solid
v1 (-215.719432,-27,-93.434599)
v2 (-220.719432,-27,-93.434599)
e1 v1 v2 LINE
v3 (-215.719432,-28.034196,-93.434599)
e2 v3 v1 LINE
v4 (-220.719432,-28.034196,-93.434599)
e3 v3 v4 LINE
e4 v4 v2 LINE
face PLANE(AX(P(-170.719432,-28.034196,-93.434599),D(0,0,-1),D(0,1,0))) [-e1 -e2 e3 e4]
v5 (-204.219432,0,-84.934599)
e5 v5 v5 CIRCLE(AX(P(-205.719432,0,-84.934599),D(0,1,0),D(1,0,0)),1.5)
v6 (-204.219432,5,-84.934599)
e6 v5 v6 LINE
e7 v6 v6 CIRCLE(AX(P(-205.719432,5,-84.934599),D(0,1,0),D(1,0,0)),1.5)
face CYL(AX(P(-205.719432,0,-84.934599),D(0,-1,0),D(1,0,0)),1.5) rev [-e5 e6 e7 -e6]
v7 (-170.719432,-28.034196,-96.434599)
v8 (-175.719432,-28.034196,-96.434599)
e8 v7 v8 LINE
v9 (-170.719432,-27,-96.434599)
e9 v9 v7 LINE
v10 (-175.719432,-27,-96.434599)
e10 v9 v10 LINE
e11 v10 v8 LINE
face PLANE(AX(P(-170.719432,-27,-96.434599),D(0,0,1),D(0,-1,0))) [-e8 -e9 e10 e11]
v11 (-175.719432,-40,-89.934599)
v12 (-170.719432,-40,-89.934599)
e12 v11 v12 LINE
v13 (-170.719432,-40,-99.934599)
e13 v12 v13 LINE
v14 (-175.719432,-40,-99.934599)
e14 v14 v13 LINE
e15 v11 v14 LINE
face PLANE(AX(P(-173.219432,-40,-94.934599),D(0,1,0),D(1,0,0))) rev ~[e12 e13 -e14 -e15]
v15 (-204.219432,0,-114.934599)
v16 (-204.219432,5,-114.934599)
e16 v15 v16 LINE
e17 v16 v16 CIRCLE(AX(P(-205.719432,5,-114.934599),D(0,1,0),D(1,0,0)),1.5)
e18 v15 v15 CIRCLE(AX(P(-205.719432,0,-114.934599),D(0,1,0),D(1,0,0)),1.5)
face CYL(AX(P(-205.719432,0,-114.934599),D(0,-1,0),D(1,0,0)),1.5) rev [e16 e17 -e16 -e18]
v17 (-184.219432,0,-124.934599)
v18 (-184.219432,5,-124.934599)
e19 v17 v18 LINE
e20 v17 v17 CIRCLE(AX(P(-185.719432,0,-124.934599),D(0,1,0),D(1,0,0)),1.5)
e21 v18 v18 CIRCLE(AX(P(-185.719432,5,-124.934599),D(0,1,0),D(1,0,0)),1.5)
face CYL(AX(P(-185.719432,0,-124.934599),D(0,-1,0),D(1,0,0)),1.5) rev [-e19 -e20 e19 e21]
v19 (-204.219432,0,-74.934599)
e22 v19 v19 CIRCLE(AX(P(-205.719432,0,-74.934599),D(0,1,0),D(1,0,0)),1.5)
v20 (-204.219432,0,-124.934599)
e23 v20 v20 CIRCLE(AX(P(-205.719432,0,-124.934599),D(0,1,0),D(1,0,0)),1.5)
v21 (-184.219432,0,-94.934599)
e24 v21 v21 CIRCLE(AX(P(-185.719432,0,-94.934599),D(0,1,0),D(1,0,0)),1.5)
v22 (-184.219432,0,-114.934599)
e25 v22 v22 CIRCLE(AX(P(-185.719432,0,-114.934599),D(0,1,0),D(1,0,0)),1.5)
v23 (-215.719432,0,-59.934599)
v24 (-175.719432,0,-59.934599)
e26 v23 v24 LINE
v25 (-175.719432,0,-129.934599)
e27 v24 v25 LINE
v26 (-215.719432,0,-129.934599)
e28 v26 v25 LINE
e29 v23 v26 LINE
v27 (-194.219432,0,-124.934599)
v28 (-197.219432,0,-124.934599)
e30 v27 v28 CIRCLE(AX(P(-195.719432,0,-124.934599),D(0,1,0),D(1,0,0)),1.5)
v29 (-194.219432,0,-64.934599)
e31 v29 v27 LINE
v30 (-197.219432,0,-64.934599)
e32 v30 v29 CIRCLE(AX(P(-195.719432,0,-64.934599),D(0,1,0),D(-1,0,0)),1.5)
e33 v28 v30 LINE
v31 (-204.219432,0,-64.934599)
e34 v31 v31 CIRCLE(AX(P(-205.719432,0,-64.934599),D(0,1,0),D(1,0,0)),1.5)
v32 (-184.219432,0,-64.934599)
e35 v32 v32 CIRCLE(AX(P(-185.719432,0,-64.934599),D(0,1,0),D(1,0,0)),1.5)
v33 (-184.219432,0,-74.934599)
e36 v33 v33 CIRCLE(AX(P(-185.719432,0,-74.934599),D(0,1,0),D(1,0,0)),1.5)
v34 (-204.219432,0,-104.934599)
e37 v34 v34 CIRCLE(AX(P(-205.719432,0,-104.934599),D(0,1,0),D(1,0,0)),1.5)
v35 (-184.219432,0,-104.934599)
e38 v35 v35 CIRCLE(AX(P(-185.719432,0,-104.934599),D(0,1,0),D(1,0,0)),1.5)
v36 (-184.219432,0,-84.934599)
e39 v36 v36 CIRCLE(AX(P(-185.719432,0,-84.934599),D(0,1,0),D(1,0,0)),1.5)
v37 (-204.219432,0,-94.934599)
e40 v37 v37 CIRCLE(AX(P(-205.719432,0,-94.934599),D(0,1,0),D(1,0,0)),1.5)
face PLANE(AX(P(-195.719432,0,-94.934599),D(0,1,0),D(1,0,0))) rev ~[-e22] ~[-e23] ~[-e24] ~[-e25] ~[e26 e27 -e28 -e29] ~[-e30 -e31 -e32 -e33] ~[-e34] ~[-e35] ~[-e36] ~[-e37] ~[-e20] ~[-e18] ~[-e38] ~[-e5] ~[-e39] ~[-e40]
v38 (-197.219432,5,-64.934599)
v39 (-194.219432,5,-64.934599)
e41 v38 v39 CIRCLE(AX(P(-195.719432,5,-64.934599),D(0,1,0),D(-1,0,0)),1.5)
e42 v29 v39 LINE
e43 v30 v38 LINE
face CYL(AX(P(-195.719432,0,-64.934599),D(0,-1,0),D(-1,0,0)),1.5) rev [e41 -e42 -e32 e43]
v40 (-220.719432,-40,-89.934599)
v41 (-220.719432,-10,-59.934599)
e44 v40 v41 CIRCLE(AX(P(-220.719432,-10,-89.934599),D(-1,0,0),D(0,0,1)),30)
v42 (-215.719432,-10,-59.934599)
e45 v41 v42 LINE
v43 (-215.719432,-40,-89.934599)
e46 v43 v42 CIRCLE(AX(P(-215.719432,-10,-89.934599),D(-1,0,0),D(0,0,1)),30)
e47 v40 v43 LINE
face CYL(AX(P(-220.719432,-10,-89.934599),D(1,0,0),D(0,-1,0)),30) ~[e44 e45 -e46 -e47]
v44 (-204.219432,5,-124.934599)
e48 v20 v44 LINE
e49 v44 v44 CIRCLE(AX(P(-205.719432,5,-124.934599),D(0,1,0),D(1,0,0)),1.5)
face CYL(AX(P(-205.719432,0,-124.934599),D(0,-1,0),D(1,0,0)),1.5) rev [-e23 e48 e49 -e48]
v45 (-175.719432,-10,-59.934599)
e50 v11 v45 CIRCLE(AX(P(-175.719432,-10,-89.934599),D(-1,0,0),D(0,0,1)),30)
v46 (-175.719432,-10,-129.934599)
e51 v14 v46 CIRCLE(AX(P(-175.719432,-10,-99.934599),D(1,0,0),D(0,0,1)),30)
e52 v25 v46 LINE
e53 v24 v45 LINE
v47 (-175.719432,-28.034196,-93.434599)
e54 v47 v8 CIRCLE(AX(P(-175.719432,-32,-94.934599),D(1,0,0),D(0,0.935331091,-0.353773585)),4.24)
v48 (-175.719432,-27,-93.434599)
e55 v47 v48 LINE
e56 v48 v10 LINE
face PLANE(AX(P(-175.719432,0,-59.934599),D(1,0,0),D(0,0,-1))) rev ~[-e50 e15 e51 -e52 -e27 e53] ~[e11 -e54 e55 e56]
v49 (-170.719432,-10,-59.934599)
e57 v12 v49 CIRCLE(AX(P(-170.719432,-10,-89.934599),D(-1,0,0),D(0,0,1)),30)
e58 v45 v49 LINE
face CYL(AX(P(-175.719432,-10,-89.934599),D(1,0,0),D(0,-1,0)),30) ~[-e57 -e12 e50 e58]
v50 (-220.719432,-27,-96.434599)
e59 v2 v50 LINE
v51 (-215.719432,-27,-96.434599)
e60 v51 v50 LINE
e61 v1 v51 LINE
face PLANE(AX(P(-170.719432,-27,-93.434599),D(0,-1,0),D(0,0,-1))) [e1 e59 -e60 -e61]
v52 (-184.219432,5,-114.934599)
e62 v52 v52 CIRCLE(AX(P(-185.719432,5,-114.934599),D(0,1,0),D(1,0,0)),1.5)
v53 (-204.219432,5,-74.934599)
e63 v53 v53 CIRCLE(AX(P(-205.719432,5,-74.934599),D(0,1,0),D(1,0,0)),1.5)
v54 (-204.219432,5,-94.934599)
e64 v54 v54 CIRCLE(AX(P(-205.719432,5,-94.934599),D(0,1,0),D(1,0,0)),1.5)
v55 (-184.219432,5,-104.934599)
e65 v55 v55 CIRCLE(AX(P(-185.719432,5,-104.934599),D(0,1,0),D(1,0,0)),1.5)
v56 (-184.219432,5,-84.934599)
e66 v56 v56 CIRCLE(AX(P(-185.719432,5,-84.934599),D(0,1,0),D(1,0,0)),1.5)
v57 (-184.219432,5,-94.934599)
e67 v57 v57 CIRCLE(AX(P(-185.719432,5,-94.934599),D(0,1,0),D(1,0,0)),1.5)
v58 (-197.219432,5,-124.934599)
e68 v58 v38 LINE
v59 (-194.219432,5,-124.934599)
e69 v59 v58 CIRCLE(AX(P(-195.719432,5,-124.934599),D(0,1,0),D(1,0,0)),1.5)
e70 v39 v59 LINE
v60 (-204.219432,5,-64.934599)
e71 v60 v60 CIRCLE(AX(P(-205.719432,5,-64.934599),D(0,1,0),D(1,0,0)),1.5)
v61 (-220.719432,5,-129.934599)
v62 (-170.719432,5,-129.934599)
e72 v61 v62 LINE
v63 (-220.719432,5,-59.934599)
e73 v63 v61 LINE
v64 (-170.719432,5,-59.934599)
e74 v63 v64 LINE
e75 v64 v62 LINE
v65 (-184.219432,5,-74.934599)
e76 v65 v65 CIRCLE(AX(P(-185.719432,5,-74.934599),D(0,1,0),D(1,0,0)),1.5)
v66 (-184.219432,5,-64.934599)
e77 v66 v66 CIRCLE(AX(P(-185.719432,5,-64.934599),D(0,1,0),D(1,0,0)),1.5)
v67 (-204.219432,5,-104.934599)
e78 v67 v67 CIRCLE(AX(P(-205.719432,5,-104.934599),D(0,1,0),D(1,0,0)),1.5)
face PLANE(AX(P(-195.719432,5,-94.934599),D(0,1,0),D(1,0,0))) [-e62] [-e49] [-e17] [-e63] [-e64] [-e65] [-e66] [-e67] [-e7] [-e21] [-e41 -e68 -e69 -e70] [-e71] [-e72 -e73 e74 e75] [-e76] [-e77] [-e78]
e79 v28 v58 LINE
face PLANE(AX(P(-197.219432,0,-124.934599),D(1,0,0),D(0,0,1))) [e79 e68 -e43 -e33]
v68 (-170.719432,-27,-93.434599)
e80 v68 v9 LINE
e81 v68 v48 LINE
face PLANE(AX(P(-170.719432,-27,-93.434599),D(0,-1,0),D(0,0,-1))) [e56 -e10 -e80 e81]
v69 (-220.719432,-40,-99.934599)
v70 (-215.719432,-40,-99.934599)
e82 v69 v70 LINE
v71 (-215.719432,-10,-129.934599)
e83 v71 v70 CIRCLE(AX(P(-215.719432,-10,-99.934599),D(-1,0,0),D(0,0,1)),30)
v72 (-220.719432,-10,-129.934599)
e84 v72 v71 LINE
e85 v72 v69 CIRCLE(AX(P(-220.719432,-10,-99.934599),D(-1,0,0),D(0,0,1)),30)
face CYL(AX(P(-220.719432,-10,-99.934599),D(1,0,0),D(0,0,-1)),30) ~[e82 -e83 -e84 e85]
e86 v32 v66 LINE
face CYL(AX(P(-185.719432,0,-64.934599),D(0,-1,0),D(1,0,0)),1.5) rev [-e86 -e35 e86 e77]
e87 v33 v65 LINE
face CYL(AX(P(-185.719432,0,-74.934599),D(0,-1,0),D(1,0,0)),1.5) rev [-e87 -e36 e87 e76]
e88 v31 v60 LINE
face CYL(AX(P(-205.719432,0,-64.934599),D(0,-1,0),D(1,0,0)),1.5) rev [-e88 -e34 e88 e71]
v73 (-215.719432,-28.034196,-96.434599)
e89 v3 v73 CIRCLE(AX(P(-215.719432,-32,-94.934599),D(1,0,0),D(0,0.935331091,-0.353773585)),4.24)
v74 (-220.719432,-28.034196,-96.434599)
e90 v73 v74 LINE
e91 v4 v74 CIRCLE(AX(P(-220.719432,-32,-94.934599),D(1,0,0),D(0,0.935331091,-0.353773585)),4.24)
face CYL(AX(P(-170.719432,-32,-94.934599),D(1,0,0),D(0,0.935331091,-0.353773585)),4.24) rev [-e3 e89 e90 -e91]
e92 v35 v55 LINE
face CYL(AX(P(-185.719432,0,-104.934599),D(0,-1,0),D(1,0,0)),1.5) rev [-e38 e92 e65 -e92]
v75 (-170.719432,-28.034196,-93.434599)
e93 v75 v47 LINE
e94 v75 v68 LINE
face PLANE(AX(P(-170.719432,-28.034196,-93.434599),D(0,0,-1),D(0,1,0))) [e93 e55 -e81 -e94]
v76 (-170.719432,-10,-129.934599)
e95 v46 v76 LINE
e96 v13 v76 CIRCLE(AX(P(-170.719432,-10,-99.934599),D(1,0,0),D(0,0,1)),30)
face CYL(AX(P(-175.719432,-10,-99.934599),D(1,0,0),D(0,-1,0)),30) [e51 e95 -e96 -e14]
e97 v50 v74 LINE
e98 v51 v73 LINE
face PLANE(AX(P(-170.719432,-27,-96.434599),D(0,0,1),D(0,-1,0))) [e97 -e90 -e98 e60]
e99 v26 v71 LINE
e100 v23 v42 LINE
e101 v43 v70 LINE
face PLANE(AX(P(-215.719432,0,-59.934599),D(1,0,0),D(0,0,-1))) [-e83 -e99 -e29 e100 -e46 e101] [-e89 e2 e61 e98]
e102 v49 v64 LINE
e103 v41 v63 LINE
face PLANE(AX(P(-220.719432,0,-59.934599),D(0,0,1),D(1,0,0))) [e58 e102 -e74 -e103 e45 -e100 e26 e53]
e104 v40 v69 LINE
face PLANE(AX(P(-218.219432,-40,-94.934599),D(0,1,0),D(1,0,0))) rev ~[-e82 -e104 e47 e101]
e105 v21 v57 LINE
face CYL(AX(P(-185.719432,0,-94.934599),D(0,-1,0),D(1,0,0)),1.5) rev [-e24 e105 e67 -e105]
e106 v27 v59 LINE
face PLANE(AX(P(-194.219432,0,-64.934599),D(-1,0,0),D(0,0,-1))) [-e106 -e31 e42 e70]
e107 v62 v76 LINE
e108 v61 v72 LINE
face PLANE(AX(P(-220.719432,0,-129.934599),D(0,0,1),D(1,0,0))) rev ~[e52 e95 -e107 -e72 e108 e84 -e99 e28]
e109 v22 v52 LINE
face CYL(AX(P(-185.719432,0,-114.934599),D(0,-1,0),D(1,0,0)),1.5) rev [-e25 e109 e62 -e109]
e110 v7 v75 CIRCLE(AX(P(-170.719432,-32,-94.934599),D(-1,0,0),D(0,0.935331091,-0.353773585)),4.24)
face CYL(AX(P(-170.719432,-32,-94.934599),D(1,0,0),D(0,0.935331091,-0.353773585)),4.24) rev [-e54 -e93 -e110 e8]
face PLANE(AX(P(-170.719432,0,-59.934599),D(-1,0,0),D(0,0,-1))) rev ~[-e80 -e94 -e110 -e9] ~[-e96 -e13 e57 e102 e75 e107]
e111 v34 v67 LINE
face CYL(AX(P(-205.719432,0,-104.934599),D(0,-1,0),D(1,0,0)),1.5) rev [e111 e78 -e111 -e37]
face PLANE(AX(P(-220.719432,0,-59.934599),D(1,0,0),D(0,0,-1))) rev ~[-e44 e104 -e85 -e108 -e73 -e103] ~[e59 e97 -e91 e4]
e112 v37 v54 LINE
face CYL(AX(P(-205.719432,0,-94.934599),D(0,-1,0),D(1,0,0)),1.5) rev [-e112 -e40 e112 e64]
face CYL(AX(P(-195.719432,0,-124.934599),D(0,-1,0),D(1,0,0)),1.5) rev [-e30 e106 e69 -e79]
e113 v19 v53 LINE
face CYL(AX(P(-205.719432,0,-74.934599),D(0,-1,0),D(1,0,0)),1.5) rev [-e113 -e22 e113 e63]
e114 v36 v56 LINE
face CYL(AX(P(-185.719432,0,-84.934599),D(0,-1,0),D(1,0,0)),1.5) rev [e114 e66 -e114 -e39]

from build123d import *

# Parameters (mm, degrees)
SKETCH1_W           = 50
SKETCH1_H           = 70
SKETCH1_R           = 1.5
BOSS_EXTRUDE1_DEPTH = 5
SKETCH2_W           = 5
SKETCH2_H           = 70
BOSS_EXTRUDE2_DEPTH = 40
FILLET1_R           = 30
CUT_EXTRUDE1_DEPTH  = 51


with BuildPart() as part:
    # Sketch1 → Boss-Extrude1 (new body)
    with BuildSketch(Plane(origin=(0, 0, 0), x_dir=(1, 0, 0), z_dir=(0, 1, 0))):
        with Locations((-195.719432441, 94.934599156)):
            Rectangle(SKETCH1_W, SKETCH1_H)
        with Locations((-185.719432441, 94.934599156)):
            Circle(SKETCH1_R, mode=Mode.SUBTRACT)
        with Locations((-205.719432441, 94.934599156)):
            Circle(SKETCH1_R, mode=Mode.SUBTRACT)
        with Locations((-205.719432441, 104.934599156)):
            Circle(SKETCH1_R, mode=Mode.SUBTRACT)
        with Locations((-185.719432441, 104.934599156)):
            Circle(SKETCH1_R, mode=Mode.SUBTRACT)
        with Locations((-205.719432441, 114.934599156)):
            Circle(SKETCH1_R, mode=Mode.SUBTRACT)
        with Locations((-185.719432441, 114.934599156)):
            Circle(SKETCH1_R, mode=Mode.SUBTRACT)
        with Locations((-205.719432441, 124.934599156)):
            Circle(SKETCH1_R, mode=Mode.SUBTRACT)
        with Locations((-185.719432441, 124.934599156)):
            Circle(SKETCH1_R, mode=Mode.SUBTRACT)
        with Locations((-205.719432441, 84.934599156)):
            Circle(SKETCH1_R, mode=Mode.SUBTRACT)
        with Locations((-185.719432441, 84.934599156)):
            Circle(SKETCH1_R, mode=Mode.SUBTRACT)
        with Locations((-205.719432441, 74.934599156)):
            Circle(SKETCH1_R, mode=Mode.SUBTRACT)
        with Locations((-185.719432441, 74.934599156)):
            Circle(SKETCH1_R, mode=Mode.SUBTRACT)
        with Locations((-205.719432441, 64.934599156)):
            Circle(SKETCH1_R, mode=Mode.SUBTRACT)
        with Locations((-185.719432441, 64.934599156)):
            Circle(SKETCH1_R, mode=Mode.SUBTRACT)
        with BuildLine():
            Line((-197.219432441, 124.934599156), (-197.219432441, 64.934599156))
            ThreePointArc((-197.219432441, 64.934599156), (-195.719432441, 63.434599156), (-194.219432441, 64.934599156))
            Line((-194.219432441, 64.934599156), (-194.219432441, 124.934599156))
            ThreePointArc((-194.219432441, 124.934599156), (-195.719432441, 126.434599156), (-197.219432441, 124.934599156))
        make_face(mode=Mode.SUBTRACT)
    extrude(amount=BOSS_EXTRUDE1_DEPTH)

    # Sketch2 → Boss-Extrude2 (add)
    with BuildSketch(Plane(origin=(0, 0, 0), x_dir=(1, 0, 0), z_dir=(0, 1, 0))):
        with Locations((-218.219432441, 94.934599156)):
            Rectangle(SKETCH2_W, SKETCH2_H)
        with Locations((-173.219432441, 94.934599156)):
            Rectangle(SKETCH2_W, SKETCH2_H)
    extrude(amount=-BOSS_EXTRUDE2_DEPTH)

    # Fillet1
    fillet1_edges = [part.edges().sort_by_distance(p)[0] for p in [
        (-218.219432441, -40, -129.934599156),
        (-218.219432441, -40, -59.934599156),
        (-173.219432441, -40, -59.934599156),
        (-173.219432441, -40, -129.934599156),
    ]]
    fillet(fillet1_edges, radius=FILLET1_R)

    # Sketch3 → Cut-Extrude1 (cut, through all)
    with BuildSketch(Plane(origin=(-170.719432441, 0, 0), x_dir=(0, 0, -1), z_dir=(1, 0, 0))):
        with BuildLine():
            Line((94.934599156, -27), (96.434599156, -27))
            Line((96.434599156, -27), (96.434599156, -28.034196172))
            ThreePointArc((96.434599156, -28.034196172), (94.934599156, -36.24), (93.434599156, -28.034196172))
            Line((93.434599156, -28.034196172), (93.434599156, -27))
            Line((93.434599156, -27), (94.934599156, -27))
        make_face()
    extrude(amount=-CUT_EXTRUDE1_DEPTH, mode=Mode.SUBTRACT)


solid = part.part
